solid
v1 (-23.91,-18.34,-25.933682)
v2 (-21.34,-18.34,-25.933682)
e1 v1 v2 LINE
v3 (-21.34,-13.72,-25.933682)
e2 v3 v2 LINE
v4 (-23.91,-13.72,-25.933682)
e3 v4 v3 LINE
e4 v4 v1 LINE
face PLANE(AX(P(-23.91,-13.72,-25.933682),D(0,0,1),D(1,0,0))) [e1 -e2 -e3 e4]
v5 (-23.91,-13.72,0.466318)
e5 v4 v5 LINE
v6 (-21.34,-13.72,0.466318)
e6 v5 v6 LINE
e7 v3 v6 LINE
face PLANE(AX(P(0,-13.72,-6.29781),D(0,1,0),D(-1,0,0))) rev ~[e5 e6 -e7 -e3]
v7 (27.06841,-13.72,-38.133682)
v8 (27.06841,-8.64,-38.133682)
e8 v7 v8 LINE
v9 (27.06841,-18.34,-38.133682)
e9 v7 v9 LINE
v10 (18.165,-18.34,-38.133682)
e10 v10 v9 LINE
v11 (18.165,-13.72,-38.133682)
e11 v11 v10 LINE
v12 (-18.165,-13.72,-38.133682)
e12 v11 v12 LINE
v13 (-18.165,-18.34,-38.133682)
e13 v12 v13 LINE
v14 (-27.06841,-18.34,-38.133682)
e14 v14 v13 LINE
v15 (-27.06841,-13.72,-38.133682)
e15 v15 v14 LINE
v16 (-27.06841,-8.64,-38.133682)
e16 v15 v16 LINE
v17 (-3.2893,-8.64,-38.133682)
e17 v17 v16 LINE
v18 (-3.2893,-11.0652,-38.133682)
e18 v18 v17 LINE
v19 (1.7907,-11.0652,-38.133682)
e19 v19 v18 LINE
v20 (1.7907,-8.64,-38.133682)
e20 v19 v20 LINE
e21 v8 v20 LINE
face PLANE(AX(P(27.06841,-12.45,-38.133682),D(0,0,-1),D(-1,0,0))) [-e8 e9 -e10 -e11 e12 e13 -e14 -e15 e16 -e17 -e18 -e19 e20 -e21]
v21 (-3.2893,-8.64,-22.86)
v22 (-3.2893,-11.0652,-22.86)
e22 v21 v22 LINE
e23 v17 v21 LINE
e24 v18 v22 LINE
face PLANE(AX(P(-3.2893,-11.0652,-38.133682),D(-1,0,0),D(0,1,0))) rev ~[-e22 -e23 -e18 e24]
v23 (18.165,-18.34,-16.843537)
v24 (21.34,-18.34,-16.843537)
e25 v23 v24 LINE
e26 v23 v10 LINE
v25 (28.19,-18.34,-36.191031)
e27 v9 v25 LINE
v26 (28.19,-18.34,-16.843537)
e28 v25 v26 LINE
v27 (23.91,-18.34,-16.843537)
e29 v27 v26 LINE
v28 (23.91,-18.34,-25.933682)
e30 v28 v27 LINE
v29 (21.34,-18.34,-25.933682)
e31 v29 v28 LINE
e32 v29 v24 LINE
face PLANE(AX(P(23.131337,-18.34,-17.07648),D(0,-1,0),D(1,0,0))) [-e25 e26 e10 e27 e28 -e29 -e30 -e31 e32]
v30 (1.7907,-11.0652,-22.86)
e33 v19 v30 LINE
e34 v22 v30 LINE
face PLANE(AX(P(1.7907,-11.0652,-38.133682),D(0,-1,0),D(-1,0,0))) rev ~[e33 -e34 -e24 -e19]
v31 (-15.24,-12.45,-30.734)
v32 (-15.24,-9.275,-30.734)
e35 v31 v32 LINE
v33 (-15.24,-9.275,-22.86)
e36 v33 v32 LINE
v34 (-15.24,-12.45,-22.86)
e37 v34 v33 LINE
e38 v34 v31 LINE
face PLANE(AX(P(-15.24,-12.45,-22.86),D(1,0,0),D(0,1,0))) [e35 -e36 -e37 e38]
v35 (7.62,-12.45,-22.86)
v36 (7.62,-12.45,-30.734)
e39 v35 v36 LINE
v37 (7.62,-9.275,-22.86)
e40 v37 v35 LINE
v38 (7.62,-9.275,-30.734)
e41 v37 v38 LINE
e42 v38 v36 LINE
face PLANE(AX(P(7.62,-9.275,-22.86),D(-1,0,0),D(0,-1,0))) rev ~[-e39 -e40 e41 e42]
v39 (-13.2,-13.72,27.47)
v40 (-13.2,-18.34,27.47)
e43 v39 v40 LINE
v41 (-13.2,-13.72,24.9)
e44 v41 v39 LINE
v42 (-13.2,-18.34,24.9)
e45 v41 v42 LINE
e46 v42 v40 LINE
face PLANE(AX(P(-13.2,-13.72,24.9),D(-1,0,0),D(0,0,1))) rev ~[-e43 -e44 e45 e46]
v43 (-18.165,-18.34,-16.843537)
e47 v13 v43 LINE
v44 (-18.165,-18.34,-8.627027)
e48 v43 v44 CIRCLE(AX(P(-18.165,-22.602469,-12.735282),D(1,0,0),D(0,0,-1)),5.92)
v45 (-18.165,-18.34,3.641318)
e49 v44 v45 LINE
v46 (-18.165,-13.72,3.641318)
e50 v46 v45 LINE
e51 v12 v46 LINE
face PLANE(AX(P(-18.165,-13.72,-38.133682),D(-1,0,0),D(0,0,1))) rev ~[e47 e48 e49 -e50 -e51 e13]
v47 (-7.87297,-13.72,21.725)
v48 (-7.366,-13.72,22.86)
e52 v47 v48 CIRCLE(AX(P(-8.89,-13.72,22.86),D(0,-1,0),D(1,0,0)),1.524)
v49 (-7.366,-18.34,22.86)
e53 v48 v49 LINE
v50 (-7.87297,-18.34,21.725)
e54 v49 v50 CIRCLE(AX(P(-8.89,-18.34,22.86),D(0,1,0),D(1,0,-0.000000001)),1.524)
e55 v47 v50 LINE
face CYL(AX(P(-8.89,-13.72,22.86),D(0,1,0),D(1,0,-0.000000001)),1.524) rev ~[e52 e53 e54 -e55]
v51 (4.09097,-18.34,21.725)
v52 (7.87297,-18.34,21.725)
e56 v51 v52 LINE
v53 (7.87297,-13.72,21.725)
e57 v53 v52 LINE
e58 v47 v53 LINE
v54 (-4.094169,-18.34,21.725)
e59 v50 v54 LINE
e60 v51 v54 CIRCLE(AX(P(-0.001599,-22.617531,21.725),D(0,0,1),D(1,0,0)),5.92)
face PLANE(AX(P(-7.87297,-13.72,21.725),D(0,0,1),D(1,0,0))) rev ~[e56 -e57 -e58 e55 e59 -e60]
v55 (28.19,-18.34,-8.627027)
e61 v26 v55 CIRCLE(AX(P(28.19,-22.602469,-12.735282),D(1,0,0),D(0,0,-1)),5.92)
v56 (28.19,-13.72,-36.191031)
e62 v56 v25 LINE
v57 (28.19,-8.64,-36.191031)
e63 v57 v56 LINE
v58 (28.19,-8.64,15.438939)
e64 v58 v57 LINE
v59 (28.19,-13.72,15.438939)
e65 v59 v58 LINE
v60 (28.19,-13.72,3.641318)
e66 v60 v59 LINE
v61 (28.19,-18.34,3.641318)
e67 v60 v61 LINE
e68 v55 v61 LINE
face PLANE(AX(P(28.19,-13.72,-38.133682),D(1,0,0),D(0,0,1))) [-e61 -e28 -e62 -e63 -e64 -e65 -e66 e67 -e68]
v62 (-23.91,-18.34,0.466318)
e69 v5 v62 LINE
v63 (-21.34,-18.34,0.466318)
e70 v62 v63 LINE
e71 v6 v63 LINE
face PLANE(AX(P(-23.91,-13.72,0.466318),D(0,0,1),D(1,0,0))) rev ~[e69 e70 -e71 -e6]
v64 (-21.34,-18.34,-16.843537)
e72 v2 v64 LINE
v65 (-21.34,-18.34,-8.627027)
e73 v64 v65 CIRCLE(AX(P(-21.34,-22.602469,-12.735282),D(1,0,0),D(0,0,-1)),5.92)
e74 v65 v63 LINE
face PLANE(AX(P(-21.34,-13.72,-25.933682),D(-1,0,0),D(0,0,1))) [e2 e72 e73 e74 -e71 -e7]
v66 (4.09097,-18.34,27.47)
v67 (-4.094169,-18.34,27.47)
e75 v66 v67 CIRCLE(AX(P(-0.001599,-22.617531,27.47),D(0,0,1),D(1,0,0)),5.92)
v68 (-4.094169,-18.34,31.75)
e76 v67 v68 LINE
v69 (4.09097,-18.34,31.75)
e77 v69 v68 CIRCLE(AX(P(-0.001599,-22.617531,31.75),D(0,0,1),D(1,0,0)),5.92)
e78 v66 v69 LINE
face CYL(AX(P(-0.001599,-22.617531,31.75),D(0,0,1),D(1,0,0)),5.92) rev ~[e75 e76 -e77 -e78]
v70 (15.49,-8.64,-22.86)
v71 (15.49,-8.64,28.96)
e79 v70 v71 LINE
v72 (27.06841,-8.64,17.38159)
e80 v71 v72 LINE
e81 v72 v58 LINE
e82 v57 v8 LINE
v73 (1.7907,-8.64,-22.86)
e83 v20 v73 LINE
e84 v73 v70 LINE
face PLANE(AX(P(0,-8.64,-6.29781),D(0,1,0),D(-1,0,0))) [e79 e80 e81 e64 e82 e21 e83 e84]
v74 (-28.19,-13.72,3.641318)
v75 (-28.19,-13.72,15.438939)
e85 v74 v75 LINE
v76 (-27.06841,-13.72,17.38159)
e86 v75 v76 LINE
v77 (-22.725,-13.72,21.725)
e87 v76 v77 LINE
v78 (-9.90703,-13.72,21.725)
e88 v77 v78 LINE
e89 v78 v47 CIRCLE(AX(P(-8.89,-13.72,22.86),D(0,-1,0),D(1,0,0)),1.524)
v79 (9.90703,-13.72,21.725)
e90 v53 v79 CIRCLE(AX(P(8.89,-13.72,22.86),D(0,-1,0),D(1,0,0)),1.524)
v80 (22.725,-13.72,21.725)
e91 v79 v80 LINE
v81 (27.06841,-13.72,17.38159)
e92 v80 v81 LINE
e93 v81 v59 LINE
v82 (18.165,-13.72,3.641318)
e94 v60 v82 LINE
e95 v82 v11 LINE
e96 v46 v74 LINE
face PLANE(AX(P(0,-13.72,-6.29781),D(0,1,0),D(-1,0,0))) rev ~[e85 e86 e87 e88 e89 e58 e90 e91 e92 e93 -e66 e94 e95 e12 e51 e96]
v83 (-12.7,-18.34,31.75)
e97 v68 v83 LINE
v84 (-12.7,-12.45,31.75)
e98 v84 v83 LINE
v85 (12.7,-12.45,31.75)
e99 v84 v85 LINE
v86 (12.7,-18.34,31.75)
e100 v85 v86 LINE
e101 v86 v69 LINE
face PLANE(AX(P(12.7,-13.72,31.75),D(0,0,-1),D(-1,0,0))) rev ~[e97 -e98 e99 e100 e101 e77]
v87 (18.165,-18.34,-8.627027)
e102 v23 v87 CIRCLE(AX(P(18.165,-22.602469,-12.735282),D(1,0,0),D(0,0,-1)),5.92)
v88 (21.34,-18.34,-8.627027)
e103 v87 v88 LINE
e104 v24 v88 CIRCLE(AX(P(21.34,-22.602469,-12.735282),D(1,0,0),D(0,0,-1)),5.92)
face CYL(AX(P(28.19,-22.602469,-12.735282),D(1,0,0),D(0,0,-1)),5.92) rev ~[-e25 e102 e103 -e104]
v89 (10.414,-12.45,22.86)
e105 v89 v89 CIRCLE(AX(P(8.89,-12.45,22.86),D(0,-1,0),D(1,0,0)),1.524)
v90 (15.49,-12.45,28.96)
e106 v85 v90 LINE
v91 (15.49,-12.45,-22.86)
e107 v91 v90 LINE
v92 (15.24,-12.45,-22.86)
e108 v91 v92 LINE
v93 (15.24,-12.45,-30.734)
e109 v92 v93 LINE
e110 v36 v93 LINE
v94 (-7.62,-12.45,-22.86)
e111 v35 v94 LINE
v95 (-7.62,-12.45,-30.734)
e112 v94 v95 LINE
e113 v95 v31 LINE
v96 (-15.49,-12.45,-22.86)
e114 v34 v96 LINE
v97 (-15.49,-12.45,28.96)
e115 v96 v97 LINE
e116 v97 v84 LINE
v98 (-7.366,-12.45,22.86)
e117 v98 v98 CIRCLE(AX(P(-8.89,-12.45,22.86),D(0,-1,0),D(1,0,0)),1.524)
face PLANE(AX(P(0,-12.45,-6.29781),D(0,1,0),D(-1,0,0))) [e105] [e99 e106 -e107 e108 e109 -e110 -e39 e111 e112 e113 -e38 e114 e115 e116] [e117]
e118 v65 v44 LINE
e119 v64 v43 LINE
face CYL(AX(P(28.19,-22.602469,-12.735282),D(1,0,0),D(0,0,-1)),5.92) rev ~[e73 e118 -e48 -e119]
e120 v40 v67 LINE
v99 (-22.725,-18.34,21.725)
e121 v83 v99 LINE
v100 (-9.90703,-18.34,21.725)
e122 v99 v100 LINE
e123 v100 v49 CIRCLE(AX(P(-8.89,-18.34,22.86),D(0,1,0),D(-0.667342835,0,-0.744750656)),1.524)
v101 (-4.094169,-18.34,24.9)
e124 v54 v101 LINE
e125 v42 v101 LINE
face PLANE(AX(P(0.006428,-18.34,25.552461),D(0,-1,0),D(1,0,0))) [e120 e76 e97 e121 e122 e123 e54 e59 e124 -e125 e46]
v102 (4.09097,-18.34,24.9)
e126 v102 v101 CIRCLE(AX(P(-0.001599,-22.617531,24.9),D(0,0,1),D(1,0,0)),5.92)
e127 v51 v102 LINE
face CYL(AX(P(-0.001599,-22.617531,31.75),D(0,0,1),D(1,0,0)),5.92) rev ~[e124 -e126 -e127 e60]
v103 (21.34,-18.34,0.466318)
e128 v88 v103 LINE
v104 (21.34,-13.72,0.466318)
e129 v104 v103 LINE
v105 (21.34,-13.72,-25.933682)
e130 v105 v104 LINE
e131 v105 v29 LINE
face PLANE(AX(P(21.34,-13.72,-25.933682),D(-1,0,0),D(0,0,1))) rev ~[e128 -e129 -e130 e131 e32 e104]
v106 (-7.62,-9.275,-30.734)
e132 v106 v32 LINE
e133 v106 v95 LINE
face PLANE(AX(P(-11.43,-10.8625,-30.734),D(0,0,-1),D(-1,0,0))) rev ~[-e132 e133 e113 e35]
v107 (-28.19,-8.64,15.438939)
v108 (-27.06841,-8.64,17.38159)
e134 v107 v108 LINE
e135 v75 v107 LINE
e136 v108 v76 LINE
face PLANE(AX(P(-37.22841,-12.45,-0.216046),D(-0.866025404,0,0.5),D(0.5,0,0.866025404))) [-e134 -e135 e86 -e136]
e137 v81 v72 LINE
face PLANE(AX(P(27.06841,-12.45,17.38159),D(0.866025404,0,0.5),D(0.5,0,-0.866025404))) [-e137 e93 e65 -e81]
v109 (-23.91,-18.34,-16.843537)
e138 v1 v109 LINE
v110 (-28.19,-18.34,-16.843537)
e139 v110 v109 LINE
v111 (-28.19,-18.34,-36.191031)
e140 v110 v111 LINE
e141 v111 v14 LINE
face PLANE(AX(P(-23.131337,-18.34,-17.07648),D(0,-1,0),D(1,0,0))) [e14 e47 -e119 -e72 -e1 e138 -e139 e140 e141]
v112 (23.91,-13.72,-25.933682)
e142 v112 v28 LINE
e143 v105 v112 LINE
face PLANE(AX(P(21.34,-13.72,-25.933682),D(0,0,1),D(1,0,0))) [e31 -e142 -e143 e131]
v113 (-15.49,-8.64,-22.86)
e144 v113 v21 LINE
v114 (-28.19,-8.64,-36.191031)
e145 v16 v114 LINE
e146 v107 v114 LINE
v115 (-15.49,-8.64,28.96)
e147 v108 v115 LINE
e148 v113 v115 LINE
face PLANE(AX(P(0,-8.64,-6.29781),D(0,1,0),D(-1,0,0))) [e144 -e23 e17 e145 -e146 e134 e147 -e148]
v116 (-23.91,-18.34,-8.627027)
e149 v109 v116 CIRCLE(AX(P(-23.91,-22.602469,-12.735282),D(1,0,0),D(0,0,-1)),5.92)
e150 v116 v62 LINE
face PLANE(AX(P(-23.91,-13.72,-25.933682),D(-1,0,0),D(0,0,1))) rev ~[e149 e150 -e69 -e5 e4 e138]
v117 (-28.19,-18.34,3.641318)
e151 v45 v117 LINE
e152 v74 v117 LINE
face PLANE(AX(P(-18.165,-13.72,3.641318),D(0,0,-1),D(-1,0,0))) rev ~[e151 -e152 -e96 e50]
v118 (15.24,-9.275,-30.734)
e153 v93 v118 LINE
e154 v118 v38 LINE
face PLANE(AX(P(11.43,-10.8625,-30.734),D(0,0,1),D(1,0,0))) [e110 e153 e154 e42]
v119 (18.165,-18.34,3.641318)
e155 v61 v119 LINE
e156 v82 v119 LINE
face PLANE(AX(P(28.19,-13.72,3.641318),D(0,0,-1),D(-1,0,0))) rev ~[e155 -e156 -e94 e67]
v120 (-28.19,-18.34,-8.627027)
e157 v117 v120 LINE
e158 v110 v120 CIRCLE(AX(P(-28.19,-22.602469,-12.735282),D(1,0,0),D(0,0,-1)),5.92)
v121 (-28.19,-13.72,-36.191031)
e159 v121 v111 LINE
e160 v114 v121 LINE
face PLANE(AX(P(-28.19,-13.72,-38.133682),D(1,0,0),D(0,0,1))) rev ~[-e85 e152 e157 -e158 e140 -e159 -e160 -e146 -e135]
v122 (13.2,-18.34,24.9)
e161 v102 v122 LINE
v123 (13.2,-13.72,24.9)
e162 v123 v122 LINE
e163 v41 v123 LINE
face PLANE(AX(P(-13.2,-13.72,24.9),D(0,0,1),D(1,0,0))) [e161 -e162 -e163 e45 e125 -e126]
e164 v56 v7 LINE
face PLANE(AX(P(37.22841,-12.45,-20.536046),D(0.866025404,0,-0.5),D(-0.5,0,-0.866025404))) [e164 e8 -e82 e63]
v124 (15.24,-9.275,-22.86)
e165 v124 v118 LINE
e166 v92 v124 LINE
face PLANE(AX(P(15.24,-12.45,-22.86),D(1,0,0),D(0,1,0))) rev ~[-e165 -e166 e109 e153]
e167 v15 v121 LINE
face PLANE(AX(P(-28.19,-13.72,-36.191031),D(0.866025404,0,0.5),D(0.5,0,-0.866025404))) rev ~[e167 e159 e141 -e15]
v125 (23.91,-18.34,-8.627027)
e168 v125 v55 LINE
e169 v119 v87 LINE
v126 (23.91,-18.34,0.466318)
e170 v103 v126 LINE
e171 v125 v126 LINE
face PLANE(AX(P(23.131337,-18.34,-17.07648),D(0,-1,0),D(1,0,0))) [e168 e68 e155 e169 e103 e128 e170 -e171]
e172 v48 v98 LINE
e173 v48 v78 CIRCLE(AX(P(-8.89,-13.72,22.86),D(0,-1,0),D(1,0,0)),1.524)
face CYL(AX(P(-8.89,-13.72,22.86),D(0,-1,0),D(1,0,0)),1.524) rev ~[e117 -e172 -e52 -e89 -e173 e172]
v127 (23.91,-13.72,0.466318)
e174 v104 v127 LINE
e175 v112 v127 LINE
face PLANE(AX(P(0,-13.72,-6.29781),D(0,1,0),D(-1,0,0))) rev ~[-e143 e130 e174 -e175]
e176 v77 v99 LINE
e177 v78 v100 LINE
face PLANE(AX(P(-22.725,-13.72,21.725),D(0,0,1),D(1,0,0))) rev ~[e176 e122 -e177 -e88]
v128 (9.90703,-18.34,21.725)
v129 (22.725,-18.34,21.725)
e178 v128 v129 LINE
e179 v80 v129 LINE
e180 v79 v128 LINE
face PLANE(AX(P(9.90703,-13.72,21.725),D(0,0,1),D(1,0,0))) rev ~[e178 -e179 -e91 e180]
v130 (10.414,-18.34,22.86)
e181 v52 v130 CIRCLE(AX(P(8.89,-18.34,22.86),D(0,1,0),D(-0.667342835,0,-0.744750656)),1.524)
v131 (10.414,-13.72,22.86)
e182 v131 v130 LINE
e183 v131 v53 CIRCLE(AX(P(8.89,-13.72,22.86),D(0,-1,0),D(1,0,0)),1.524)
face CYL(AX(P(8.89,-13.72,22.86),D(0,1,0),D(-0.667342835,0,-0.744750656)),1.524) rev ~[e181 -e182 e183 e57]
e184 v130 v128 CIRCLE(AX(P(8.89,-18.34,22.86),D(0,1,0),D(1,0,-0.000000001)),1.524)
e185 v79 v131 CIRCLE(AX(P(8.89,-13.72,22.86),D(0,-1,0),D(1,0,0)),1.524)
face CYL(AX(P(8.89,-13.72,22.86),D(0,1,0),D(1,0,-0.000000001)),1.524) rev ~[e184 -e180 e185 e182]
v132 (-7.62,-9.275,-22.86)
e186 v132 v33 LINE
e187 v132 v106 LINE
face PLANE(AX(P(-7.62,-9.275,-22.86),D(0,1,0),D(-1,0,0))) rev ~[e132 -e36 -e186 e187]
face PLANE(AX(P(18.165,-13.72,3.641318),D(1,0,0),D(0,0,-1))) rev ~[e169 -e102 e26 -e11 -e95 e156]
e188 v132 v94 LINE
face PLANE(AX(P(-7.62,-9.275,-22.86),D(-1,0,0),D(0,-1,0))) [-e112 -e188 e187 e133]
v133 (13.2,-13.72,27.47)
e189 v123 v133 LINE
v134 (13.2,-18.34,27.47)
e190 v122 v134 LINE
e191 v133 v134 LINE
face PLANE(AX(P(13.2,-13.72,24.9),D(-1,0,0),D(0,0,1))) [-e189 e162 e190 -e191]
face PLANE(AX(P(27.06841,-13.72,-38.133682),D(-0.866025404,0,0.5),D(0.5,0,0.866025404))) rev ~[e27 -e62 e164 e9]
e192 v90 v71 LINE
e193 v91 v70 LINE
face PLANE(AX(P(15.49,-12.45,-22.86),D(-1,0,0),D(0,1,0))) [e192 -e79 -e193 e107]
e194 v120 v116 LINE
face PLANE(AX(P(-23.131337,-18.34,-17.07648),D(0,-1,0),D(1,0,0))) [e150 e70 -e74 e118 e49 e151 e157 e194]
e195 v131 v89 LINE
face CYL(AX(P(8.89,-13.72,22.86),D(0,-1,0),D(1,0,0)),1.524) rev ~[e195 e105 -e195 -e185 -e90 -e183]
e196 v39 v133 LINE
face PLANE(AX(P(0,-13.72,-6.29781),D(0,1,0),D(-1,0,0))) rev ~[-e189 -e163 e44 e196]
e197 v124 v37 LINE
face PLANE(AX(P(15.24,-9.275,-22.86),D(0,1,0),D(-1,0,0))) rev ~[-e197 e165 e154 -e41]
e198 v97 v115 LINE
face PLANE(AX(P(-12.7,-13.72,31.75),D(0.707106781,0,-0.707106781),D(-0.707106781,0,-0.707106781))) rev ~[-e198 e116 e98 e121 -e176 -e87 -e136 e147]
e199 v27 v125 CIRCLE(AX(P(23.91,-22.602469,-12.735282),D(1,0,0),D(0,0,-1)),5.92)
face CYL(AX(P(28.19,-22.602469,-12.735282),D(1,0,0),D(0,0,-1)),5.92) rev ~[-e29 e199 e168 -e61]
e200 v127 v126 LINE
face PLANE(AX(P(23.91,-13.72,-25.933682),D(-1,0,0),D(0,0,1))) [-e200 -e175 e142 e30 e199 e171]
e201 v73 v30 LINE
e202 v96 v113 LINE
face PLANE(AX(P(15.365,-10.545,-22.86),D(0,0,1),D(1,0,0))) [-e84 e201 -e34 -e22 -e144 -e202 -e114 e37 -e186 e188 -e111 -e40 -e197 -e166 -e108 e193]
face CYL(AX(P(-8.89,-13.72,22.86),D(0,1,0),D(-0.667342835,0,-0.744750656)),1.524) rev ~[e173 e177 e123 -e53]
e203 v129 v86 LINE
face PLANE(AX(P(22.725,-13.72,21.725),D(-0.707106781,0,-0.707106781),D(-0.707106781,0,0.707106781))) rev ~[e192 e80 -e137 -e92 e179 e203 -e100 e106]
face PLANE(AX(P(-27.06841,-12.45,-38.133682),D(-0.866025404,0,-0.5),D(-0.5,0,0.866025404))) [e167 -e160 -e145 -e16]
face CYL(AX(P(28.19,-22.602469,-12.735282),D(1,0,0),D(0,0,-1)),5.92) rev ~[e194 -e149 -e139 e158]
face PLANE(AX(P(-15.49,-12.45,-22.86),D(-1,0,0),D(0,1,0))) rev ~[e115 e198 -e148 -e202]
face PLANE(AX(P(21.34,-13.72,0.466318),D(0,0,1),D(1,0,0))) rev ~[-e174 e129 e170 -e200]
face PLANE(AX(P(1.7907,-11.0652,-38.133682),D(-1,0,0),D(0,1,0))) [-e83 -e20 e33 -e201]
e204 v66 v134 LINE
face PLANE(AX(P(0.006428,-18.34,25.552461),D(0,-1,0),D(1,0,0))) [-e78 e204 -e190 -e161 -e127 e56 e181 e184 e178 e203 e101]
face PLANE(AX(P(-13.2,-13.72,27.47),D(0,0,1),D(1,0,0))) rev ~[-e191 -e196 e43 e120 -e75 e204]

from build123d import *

# Parameters (mm, degrees)
BOSS_EXTRUDE1_DEPTH  = 3.81
SKETCH2_W            = 30.48
SKETCH2_H            = 48.26
CUT_EXTRUDE1_DEPTH   = 3.81
SKETCH4_W            = 30.48
SKETCH4_H            = 3.81
CUT_EXTRUDE2_DEPTH   = 27.94
SKETCH5_W            = 0.25
SKETCH5_H            = 3.81
CUT_EXTRUDE3_DEPTH   = 53.07
CUT_EXTRUDE4_DEPTH   = 7.874
BOSS_EXTRUDE2_DEPTH  = 1.27
SKETCH8_R            = 1.524
CUT_EXTRUDE6_DEPTH   = 6.08
SKETCH9_W            = 5.08
SKETCH9_H            = 5.08
CUT_EXTRUDE7_DEPTH   = 70.883682204
SKETCH10_OUTSIDE_W   = 96.904
SKETCH10_OUTSIDE_H   = 92.332
SKETCH10_OUTSIDE_W_2 = 56.38
SKETCH10_OUTSIDE_H_2 = 76.267364408
CUT_EXTRUDE8_DEPTH   = 6.08
SKETCH11_W           = 26.4
SKETCH11_H           = 2.57
SKETCH11_W_2         = 2.57
SKETCH11_H_2         = 26.4
BOSS_EXTRUDE4_DEPTH  = 4.62
SKETCH12_R           = 5.92
CUT_EXTRUDE9_DEPTH   = 57.38
SKETCH13_R           = 5.92
CUT_EXTRUDE10_DEPTH  = 70.883682204


with BuildPart() as part:
    # Sketch1 → Boss-Extrude1 (new body)
    with BuildSketch(Plane.XZ.offset(12.45)):
        Polygon((-12.7, 31.75), (12.7, 31.75), (27.068409794, 17.381590206), (37.228409794, -0.216045999), (37.228409794, -20.536045999), (27.068409794, -38.133682204), (-27.068409794, -38.133682204), (-37.228409794, -20.536045999), (-37.228409794, -0.216045999), (-27.068409794, 17.381590206), align=None)
    extrude(amount=-BOSS_EXTRUDE1_DEPTH)

    # Sketch2 → Cut-Extrude1 (cut)
    with BuildSketch(Plane.XZ.offset(12.45)):
        with Locations((0, 1.27)):
            Rectangle(SKETCH2_W, SKETCH2_H)
    extrude(amount=-CUT_EXTRUDE1_DEPTH, mode=Mode.SUBTRACT)

    # Sketch4 → Cut-Extrude2 (cut)
    with BuildSketch(Plane(origin=(0, 0, 25.4), x_dir=(-1, 0, 0), z_dir=(0, 0, -1))):
        with Locations((0, -10.545)):
            Rectangle(SKETCH4_W, SKETCH4_H)
    extrude(amount=-CUT_EXTRUDE2_DEPTH, mode=Mode.SUBTRACT)

    # Sketch5 → Cut-Extrude3 (cut, through all)
    with BuildSketch(Plane.XY.offset(-22.86)):
        with Locations((-15.365, -10.545)):
            Rectangle(SKETCH5_W, SKETCH5_H)
        with Locations((15.365, -10.545)):
            Rectangle(SKETCH5_W, SKETCH5_H)
    extrude(amount=CUT_EXTRUDE3_DEPTH, mode=Mode.SUBTRACT)

    # Sketch6 → Cut-Extrude4 (cut)
    with BuildSketch(Plane.XY.offset(-22.86)):
        Polygon((7.62, -12.45), (15.24, -12.45), (15.24, -9.275), (11.557, -9.275), (7.62, -9.275), align=None)
        Polygon((-15.24, -12.45), (-15.24, -9.275), (-11.557, -9.275), (-7.62, -9.275), (-7.62, -12.45), align=None)
    extrude(amount=-CUT_EXTRUDE4_DEPTH, mode=Mode.SUBTRACT)

    # Sketch1_3 → Boss-Extrude2 (add)
    with BuildSketch(Plane.XZ.offset(12.45)):
        Polygon((-12.7, 31.75), (12.7, 31.75), (27.068409794, 17.381590206), (37.228409794, -0.216045999), (37.228409794, -20.536045999), (27.068409794, -38.133682204), (-27.068409794, -38.133682204), (-37.228409794, -20.536045999), (-37.228409794, -0.216045999), (-27.068409794, 17.381590206), align=None)
    extrude(amount=BOSS_EXTRUDE2_DEPTH)

    # Sketch8 → Cut-Extrude6 (cut, through all)
    with BuildSketch(Plane.XZ.offset(13.72)):
        with Locations((-8.89, 22.86)):
            Circle(SKETCH8_R)
        with Locations((8.89, 22.86)):
            Circle(SKETCH8_R)
    extrude(amount=-CUT_EXTRUDE6_DEPTH, mode=Mode.SUBTRACT)

    # Sketch9 → Cut-Extrude7 (cut, through all)
    with BuildSketch(Plane(origin=(0, 0, -38.133682204), x_dir=(-1, 0, 0), z_dir=(0, 0, -1))):
        with Locations((0.7493, -8.5252)):
            Rectangle(SKETCH9_W, SKETCH9_H)
    extrude(amount=-CUT_EXTRUDE7_DEPTH, mode=Mode.SUBTRACT)

    # Sketch10 outside → Cut-Extrude8 (cut, through all)
    with BuildSketch(Plane.XZ.offset(13.72)):
        with Locations((0, -3.192)):
            Rectangle(SKETCH10_OUTSIDE_W, SKETCH10_OUTSIDE_H)
        Rectangle(SKETCH10_OUTSIDE_W_2, SKETCH10_OUTSIDE_H_2, mode=Mode.SUBTRACT)
    extrude(amount=-CUT_EXTRUDE8_DEPTH, mode=Mode.SUBTRACT)

    # Sketch11 → Boss-Extrude4 (add)
    with BuildSketch(Plane.XZ.offset(13.72)):
        with BuildLine():
            Line((22.725, 21.725), (12.7, 31.75))
            Line((12.7, 31.75), (-12.7, 31.75))
            Line((-12.7, 31.75), (-22.725, 21.725))
            Line((-22.725, 21.725), (-9.907030481, 21.725))
            ThreePointArc((-9.907030481, 21.725), (-9.511539036, 24.251497476), (-7.366, 22.86))
            ThreePointArc((-7.366, 22.86), (-7.498502524, 22.238460964), (-7.872969519, 21.725))
            Line((-7.872969519, 21.725), (7.872969519, 21.725))
            ThreePointArc((7.872969519, 21.725), (8.268460964, 24.251497476), (10.414, 22.86))
            ThreePointArc((10.414, 22.86), (10.281497476, 22.238460964), (9.907030481, 21.725))
            Line((9.907030481, 21.725), (22.725, 21.725))
        make_face()
        with Locations((0, 26.185)):
            Rectangle(SKETCH11_W, SKETCH11_H, mode=Mode.SUBTRACT)
        Polygon((-27.068409794, -38.133682204), (-18.165, -38.133682204), (-18.165, 3.641317796), (-28.19, 3.641317796), (-28.19, -36.191030981), align=None)
        with Locations((-22.625, -12.733682204)):
            Rectangle(SKETCH11_W_2, SKETCH11_H_2, mode=Mode.SUBTRACT)
        Polygon((28.19, -36.191030981), (28.19, 3.641317796), (18.165, 3.641317796), (18.165, -38.133682204), (27.068409794, -38.133682204), align=None)
        with Locations((22.625, -12.733682204)):
            Rectangle(SKETCH11_W_2, SKETCH11_H_2, mode=Mode.SUBTRACT)
    extrude(amount=BOSS_EXTRUDE4_DEPTH)

    # Sketch12 → Cut-Extrude9 (cut, through all)
    with BuildSketch(Plane(origin=(28.19, 0, 0), x_dir=(0, 0, -1), z_dir=(1, 0, 0))):
        with Locations((12.735281649, -22.602468851)):
            Circle(SKETCH12_R)
    extrude(amount=-CUT_EXTRUDE9_DEPTH, mode=Mode.SUBTRACT)

    # Sketch13 → Cut-Extrude10 (cut, through all)
    with BuildSketch(Plane.XY.offset(31.75)):
        with Locations((-0.001599445, -22.617531149)):
            Circle(SKETCH13_R)
    extrude(amount=-CUT_EXTRUDE10_DEPTH, mode=Mode.SUBTRACT)


solid = part.part
